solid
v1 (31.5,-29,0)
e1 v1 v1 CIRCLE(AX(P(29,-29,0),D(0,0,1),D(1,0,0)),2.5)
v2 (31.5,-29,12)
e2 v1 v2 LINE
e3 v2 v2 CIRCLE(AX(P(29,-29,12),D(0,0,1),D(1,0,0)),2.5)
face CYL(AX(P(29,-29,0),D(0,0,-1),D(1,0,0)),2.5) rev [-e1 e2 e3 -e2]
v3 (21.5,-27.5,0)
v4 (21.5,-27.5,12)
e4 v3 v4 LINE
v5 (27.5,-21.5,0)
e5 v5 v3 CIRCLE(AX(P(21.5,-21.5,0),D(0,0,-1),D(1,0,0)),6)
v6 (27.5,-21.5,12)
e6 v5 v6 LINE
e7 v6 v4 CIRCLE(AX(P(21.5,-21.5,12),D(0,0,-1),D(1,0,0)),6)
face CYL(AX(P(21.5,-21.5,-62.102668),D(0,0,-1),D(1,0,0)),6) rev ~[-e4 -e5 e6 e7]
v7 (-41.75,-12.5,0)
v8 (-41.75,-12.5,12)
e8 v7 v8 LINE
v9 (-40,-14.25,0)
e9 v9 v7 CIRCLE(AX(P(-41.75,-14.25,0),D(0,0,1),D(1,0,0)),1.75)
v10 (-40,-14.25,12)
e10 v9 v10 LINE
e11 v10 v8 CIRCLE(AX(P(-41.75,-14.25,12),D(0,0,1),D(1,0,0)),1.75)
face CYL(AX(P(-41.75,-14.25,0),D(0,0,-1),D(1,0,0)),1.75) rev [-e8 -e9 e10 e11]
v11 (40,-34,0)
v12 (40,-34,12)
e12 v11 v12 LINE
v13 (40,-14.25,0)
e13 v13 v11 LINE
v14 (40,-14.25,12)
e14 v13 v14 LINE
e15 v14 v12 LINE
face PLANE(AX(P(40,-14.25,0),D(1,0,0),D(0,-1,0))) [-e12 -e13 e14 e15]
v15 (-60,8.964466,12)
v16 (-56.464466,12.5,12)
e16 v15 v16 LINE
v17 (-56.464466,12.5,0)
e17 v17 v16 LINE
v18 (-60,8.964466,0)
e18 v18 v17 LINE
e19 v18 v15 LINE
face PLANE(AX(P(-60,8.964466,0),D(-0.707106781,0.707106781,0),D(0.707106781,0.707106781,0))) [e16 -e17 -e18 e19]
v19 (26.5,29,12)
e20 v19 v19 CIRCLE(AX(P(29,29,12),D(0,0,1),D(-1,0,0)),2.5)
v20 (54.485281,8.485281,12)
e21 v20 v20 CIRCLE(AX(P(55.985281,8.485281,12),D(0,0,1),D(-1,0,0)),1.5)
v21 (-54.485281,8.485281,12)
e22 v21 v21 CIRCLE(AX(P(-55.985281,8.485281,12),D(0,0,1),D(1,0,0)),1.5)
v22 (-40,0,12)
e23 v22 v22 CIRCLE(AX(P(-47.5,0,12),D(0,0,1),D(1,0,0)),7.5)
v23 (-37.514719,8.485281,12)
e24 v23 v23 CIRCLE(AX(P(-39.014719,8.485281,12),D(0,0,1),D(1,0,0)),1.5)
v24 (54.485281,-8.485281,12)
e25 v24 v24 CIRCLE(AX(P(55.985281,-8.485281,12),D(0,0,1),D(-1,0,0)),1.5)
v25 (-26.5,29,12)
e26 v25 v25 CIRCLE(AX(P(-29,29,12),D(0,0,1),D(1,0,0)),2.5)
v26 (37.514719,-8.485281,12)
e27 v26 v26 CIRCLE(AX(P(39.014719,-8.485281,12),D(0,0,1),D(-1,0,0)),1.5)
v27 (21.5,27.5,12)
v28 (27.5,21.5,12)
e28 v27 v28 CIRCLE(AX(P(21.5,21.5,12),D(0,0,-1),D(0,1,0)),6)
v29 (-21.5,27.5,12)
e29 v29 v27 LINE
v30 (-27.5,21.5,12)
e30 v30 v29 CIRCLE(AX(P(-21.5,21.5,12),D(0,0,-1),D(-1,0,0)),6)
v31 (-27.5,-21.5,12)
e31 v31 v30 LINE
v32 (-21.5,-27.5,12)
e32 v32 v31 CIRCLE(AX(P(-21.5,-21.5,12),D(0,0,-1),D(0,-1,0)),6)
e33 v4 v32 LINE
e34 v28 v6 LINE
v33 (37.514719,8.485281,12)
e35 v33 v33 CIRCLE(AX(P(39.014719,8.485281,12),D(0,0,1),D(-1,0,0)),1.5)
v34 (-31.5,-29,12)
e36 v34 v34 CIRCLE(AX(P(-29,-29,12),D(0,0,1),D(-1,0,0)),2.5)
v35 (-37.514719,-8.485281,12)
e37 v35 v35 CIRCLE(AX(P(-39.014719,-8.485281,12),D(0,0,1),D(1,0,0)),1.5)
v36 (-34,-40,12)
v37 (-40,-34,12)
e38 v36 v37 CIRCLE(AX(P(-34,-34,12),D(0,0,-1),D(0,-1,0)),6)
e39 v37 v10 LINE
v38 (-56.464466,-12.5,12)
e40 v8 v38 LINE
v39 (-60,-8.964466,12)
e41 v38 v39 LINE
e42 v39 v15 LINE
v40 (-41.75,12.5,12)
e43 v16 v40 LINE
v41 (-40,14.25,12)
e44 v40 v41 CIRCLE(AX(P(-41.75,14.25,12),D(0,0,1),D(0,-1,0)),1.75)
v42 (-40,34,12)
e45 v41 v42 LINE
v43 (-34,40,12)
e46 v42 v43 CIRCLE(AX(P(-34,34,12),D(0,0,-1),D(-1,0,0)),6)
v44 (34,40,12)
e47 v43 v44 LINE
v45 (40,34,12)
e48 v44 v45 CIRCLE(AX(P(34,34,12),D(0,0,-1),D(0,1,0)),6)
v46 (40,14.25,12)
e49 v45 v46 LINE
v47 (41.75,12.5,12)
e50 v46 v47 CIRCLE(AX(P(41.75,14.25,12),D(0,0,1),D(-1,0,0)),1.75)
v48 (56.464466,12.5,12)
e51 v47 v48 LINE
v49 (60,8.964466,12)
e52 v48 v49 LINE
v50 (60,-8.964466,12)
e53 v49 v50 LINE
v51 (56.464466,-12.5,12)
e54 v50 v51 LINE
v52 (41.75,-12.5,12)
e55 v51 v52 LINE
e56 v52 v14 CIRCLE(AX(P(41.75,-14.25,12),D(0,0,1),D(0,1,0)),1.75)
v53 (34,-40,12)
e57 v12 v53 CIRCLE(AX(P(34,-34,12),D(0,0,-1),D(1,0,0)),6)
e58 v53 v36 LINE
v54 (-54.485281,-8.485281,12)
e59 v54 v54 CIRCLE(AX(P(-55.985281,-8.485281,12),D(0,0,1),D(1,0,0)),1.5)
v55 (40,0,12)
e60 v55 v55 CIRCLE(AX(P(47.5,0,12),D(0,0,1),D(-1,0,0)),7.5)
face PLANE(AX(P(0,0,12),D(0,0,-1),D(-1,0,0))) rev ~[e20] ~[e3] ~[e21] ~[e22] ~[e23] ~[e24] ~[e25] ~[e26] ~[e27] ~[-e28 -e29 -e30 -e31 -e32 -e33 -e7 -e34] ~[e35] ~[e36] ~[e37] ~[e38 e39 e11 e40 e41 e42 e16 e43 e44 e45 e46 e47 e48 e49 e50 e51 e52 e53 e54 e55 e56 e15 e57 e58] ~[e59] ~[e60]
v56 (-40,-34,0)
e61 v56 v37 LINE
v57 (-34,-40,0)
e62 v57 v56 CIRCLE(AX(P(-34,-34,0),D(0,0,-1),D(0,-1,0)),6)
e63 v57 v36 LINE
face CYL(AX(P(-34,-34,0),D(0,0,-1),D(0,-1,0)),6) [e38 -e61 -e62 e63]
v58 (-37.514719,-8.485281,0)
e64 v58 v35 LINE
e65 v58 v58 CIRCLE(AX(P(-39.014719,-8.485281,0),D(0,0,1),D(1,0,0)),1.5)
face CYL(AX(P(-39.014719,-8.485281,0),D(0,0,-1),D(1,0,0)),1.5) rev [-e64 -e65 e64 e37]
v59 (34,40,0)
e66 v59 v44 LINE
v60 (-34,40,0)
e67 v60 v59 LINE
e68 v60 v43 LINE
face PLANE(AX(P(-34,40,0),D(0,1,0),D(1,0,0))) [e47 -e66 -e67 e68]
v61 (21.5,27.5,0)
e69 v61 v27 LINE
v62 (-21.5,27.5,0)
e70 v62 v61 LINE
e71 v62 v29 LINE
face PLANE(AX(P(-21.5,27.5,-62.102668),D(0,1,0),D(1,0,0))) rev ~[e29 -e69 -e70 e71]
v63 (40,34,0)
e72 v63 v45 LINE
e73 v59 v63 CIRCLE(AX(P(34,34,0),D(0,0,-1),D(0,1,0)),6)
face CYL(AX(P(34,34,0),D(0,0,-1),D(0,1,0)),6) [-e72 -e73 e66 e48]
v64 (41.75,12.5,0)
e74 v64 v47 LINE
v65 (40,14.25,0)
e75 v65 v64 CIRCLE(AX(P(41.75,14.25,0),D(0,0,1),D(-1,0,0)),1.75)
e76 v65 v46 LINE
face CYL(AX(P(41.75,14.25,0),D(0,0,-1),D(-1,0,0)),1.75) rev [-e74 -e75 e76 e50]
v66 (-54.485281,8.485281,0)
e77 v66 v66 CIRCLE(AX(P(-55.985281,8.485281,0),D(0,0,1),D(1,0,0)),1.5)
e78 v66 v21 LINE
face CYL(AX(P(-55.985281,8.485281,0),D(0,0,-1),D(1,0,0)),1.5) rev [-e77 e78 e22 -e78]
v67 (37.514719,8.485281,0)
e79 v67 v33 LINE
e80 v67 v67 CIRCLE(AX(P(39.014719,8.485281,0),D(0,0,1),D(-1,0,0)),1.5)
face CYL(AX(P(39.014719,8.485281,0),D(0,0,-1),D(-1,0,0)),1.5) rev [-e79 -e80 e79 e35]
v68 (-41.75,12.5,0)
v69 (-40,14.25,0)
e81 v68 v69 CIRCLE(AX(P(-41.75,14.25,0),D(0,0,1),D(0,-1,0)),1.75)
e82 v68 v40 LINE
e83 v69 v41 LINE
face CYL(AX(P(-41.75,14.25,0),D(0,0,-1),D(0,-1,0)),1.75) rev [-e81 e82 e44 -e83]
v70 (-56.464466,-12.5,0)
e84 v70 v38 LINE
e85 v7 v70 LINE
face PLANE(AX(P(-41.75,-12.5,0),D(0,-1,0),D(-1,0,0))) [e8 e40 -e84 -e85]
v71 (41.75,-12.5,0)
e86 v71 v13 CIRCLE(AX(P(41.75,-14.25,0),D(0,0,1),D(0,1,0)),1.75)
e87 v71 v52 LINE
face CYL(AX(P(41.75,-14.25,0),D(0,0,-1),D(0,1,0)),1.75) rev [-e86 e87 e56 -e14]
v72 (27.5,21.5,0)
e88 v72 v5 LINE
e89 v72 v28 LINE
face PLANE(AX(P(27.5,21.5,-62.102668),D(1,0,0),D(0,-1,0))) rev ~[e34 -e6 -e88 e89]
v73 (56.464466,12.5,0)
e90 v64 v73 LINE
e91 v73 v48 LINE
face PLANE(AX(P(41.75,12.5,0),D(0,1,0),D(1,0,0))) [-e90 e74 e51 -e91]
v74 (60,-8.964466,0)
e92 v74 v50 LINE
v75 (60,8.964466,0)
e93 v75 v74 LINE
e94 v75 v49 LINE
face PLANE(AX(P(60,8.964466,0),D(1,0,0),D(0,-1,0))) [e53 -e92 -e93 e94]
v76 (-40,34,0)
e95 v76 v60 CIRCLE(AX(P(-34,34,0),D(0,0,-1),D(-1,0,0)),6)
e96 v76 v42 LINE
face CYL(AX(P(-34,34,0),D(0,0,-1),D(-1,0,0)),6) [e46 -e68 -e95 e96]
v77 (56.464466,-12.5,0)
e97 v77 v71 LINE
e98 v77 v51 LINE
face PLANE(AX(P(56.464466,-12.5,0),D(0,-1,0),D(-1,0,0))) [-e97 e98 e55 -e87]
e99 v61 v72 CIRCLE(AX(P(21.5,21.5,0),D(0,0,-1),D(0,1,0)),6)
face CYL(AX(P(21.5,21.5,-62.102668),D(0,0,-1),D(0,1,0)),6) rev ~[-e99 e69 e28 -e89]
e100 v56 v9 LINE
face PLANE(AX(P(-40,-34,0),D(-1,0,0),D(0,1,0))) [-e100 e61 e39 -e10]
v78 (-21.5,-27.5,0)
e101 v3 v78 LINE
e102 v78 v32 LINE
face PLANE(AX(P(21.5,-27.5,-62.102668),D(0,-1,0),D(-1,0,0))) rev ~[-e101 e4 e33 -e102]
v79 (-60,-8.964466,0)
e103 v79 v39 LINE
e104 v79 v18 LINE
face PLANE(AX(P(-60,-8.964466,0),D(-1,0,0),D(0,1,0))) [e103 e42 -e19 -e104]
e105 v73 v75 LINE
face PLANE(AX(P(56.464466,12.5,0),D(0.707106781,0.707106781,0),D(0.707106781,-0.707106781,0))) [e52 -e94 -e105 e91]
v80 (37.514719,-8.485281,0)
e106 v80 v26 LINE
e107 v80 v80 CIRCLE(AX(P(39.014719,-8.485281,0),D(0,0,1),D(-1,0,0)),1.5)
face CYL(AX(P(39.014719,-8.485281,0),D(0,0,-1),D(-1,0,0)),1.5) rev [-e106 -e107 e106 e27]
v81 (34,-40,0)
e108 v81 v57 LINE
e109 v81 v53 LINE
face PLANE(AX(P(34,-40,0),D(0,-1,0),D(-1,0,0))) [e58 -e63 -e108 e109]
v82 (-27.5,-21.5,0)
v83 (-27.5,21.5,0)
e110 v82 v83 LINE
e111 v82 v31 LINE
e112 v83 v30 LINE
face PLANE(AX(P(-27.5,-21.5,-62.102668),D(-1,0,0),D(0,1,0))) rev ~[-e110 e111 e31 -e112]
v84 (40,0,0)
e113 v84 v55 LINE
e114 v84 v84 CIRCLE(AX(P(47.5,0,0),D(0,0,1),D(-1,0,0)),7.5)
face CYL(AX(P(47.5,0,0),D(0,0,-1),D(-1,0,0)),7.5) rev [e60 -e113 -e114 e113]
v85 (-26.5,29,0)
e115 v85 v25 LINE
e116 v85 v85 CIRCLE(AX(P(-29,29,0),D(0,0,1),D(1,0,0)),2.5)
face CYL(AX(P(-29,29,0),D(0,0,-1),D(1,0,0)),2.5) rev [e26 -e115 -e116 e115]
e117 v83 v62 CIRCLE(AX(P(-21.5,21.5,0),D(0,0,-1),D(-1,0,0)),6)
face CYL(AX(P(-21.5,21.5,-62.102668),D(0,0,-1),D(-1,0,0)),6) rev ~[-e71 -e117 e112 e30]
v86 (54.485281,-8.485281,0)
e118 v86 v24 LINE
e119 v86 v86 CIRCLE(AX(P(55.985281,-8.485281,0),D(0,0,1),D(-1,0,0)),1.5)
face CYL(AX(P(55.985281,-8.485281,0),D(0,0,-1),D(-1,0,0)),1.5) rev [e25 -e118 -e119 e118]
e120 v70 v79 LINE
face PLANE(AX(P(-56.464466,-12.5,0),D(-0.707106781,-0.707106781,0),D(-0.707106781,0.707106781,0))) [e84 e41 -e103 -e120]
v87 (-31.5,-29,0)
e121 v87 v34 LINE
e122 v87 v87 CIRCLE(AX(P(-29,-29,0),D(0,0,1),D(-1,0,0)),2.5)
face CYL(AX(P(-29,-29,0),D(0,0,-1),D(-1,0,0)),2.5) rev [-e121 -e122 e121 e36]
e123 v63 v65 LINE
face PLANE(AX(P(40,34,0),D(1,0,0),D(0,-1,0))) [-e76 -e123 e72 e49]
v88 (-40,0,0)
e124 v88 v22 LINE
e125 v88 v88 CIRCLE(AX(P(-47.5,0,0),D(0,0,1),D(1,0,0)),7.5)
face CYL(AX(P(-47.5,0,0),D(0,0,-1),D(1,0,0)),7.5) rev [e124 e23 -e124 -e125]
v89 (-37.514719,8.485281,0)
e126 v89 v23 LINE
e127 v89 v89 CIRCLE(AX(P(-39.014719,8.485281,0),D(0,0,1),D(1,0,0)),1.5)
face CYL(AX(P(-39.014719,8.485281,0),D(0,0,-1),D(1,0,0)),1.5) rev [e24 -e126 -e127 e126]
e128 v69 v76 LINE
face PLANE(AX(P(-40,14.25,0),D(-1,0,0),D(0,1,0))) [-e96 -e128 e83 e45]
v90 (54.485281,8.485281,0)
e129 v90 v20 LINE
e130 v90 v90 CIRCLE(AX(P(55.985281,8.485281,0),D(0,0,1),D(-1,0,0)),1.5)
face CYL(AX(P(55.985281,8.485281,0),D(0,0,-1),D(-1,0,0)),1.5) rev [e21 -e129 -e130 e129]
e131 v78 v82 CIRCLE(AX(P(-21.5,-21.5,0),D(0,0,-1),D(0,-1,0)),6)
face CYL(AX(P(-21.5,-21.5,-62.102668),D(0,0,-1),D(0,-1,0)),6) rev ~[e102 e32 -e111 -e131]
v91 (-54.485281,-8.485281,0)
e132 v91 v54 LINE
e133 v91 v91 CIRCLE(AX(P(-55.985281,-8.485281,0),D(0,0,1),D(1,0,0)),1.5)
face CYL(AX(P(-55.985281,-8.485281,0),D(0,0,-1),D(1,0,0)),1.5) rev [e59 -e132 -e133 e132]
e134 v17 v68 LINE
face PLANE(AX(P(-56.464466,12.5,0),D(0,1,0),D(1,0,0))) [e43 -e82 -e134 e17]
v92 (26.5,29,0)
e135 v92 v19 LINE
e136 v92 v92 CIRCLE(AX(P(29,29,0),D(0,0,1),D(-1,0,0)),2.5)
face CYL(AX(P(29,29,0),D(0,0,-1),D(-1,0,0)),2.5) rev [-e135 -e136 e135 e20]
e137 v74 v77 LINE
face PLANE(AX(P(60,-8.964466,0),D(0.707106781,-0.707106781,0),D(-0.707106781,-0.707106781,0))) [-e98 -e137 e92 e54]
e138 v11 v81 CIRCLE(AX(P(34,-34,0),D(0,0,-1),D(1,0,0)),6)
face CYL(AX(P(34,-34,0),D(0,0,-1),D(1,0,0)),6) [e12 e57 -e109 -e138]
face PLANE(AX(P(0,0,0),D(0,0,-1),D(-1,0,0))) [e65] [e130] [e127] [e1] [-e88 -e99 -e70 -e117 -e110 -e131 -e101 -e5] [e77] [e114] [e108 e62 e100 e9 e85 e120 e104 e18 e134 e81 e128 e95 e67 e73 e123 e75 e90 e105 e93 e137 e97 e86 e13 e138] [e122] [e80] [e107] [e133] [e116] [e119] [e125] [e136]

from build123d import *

# Parameters (mm, degrees)
SKETCH1_R               = 7.5
SKETCH1_R_2             = 1.5
SKETCH1_R_3             = 2.5
BOSS_EXTRUDE1_DEPTH     = 12
CUT_EXTRUDE1_DEPTH      = 74.10266753
CUT_EXTRUDE1_DEPTH_BACK = 74.10266753


with BuildPart() as part:
    # Sketch1 → Boss-Extrude1 (new body)
    with BuildSketch(Plane.XY):
        with BuildLine():
            Line((-56.464466094, 12.5), (-41.75, 12.5))
            ThreePointArc((-41.75, 12.5), (-40.512563133, 13.012563133), (-40, 14.25))
            Line((-40, 14.25), (-40, 34))
            ThreePointArc((-40, 34), (-38.242640687, 38.242640687), (-34, 40))
            Line((-34, 40), (34, 40))
            ThreePointArc((34, 40), (38.242640687, 38.242640687), (40, 34))
            Line((40, 34), (40, 14.25))
            ThreePointArc((40, 14.25), (40.512563133, 13.012563133), (41.75, 12.5))
            Line((41.75, 12.5), (56.464466094, 12.5))
            Line((56.464466094, 12.5), (60, 8.964466094))
            Line((60, 8.964466094), (60, -8.964466094))
            Line((60, -8.964466094), (56.464466094, -12.5))
            Line((56.464466094, -12.5), (41.75, -12.5))
            ThreePointArc((41.75, -12.5), (40.512563133, -13.012563133), (40, -14.25))
            Line((40, -14.25), (40, -34))
            ThreePointArc((40, -34), (38.242640687, -38.242640687), (34, -40))
            Line((34, -40), (-34, -40))
            ThreePointArc((-34, -40), (-38.242640687, -38.242640687), (-40, -34))
            Line((-40, -34), (-40, -14.25))
            ThreePointArc((-40, -14.25), (-40.512563133, -13.012563133), (-41.75, -12.5))
            Line((-41.75, -12.5), (-56.464466094, -12.5))
            Line((-56.464466094, -12.5), (-60, -8.964466094))
            Line((-60, -8.964466094), (-60, 8.964466094))
            Line((-60, 8.964466094), (-56.464466094, 12.5))
        make_face()
        with Locations((-47.5, 0)):
            Circle(SKETCH1_R, mode=Mode.SUBTRACT)
        with Locations(Location((47.5, 0, 0), (0, 0, 180))):
            Circle(SKETCH1_R, mode=Mode.SUBTRACT)
        with Locations((-55.985281374, 8.485281374)):
            Circle(SKETCH1_R_2, mode=Mode.SUBTRACT)
        with Locations((-39.014718626, -8.485281374)):
            Circle(SKETCH1_R_2, mode=Mode.SUBTRACT)
        with Locations((-39.014718626, 8.485281374)):
            Circle(SKETCH1_R_2, mode=Mode.SUBTRACT)
        with Locations((-55.985281374, -8.485281374)):
            Circle(SKETCH1_R_2, mode=Mode.SUBTRACT)
        with Locations(Location((39.014718626, -8.485281374, 0), (0, 0, 180))):
            Circle(SKETCH1_R_2, mode=Mode.SUBTRACT)
        with Locations(Location((55.985281374, -8.485281374, 0), (0, 0, 180))):
            Circle(SKETCH1_R_2, mode=Mode.SUBTRACT)
        with Locations(Location((55.985281374, 8.485281374, 0), (0, 0, 180))):
            Circle(SKETCH1_R_2, mode=Mode.SUBTRACT)
        with Locations(Location((39.014718626, 8.485281374, 0), (0, 0, 180))):
            Circle(SKETCH1_R_2, mode=Mode.SUBTRACT)
        with Locations((-29, 29)):
            Circle(SKETCH1_R_3, mode=Mode.SUBTRACT)
        with Locations(Location((29, 29, 0), (0, 0, 180))):
            Circle(SKETCH1_R_3, mode=Mode.SUBTRACT)
        with Locations((29, -29)):
            Circle(SKETCH1_R_3, mode=Mode.SUBTRACT)
        with Locations(Location((-29, -29, 0), (0, 0, 180))):
            Circle(SKETCH1_R_3, mode=Mode.SUBTRACT)
    extrude(amount=BOSS_EXTRUDE1_DEPTH)

    # Sketch2 → Cut-Extrude1 (cut, two sides: drawn at the far end of the back side and taken through both)
    with BuildSketch(Plane.XY.offset(12).offset(-CUT_EXTRUDE1_DEPTH_BACK)):
        with BuildLine():
            Line((-21.5, 27.5), (21.5, 27.5))
            ThreePointArc((21.5, 27.5), (25.742640687, 25.742640687), (27.5, 21.5))
            Line((27.5, 21.5), (27.5, -21.5))
            ThreePointArc((27.5, -21.5), (25.742640687, -25.742640687), (21.5, -27.5))
            Line((21.5, -27.5), (-21.5, -27.5))
            ThreePointArc((-21.5, -27.5), (-25.742640687, -25.742640687), (-27.5, -21.5))
            Line((-27.5, -21.5), (-27.5, 21.5))
            ThreePointArc((-27.5, 21.5), (-25.742640687, 25.742640687), (-21.5, 27.5))
        make_face()
    extrude(amount=CUT_EXTRUDE1_DEPTH + CUT_EXTRUDE1_DEPTH_BACK, mode=Mode.SUBTRACT)


solid = part.part
